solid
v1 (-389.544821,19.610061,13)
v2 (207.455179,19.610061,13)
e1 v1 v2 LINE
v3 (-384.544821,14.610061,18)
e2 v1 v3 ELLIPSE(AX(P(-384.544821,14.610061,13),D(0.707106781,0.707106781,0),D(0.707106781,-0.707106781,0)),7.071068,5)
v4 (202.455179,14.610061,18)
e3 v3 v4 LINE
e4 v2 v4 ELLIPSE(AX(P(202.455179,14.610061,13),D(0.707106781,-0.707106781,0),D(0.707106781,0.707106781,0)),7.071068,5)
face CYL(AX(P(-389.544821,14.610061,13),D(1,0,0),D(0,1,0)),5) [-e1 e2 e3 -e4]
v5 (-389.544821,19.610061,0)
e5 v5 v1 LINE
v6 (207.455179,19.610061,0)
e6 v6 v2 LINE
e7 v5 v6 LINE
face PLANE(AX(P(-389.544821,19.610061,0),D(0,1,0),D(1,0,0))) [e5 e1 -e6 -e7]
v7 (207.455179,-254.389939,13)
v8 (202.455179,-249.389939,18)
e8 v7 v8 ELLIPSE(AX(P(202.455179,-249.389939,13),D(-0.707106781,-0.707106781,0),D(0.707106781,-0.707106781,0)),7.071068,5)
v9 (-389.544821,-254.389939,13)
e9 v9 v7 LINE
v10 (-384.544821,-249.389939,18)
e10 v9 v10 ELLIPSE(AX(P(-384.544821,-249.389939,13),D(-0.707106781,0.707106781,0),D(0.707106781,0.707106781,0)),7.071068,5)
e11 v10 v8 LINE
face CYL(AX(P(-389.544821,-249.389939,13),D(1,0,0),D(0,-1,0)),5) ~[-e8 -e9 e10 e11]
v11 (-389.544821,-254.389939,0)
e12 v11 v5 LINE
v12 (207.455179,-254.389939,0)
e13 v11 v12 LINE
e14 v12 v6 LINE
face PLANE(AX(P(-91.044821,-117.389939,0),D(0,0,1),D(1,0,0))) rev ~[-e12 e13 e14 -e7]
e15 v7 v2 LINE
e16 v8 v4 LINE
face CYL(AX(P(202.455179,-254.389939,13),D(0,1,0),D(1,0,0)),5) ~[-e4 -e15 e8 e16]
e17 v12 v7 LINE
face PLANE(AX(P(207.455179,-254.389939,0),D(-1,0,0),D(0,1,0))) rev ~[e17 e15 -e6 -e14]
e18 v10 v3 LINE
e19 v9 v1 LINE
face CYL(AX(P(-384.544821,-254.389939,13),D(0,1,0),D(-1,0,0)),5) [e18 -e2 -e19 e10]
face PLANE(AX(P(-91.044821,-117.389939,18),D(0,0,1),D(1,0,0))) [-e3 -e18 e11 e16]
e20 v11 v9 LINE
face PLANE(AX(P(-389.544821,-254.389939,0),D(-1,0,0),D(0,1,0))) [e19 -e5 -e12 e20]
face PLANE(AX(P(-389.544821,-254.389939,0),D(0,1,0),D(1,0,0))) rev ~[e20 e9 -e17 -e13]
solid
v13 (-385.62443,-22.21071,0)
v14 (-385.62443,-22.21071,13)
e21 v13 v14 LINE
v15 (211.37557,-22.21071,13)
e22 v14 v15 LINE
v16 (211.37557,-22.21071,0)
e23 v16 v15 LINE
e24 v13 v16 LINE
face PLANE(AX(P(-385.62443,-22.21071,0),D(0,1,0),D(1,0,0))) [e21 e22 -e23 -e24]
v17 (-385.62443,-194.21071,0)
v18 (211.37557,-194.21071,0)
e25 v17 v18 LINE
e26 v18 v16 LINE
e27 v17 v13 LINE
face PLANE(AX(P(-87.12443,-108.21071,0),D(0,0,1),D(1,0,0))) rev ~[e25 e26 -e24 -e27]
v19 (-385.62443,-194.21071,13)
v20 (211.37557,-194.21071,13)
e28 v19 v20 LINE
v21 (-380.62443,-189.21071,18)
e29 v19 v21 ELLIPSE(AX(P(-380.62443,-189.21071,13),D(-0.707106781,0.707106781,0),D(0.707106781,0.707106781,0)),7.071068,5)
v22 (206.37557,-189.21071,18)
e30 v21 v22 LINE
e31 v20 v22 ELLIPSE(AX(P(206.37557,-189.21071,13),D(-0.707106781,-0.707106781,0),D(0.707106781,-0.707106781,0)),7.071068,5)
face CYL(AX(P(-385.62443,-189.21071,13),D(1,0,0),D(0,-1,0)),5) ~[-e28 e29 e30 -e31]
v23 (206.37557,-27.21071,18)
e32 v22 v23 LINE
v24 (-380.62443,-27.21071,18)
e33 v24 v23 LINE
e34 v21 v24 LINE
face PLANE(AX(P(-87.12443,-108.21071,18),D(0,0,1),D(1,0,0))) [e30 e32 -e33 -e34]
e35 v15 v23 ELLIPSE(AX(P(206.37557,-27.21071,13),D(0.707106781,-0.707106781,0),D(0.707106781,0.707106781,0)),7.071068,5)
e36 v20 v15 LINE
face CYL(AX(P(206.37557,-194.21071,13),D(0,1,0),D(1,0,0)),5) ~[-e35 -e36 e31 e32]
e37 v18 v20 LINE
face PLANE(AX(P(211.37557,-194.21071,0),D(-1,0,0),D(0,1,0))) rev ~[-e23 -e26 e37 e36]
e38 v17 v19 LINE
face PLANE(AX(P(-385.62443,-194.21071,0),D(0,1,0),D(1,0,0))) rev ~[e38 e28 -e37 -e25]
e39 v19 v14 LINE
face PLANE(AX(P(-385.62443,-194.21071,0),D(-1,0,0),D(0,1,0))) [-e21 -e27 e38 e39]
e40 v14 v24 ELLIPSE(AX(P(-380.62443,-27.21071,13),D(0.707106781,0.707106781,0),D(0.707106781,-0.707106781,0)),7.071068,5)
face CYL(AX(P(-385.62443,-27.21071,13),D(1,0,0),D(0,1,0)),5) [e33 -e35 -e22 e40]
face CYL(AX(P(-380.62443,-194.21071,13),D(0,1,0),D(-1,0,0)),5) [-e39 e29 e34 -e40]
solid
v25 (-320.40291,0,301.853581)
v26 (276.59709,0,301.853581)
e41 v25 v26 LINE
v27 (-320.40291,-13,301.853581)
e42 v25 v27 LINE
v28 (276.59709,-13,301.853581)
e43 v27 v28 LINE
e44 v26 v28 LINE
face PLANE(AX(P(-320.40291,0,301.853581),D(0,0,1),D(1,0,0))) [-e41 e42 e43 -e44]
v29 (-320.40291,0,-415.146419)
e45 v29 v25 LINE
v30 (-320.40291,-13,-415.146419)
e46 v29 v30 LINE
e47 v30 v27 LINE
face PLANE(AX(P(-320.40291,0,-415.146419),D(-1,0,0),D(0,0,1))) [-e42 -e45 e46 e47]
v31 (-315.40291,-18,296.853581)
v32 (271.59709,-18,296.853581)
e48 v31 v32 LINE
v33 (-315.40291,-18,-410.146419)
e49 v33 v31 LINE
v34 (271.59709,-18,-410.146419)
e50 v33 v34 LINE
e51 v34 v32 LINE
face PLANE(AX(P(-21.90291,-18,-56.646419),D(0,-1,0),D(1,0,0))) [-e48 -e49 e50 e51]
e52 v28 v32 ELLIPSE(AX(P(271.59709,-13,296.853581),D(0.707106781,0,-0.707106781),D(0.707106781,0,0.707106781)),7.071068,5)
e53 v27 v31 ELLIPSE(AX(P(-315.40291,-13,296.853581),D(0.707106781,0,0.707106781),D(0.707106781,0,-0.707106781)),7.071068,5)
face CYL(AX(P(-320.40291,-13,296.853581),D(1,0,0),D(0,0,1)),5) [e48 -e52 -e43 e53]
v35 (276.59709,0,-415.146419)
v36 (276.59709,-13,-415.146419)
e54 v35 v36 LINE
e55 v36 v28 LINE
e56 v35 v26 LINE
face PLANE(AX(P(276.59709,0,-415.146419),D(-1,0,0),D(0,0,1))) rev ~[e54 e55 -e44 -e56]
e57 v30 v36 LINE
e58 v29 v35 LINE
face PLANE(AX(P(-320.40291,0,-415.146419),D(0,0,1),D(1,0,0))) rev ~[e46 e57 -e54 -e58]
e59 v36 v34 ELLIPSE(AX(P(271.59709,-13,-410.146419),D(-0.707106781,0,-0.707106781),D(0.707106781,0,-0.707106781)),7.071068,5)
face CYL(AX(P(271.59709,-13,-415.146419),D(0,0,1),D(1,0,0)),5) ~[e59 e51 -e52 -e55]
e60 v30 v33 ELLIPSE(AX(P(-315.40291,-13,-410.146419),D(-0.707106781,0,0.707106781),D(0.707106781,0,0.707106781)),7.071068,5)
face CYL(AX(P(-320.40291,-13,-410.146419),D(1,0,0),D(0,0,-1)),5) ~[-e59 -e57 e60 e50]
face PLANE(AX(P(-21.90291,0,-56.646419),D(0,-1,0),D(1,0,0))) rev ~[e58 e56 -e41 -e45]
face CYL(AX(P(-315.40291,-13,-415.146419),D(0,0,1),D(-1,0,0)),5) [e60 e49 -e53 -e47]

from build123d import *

# Parameters (mm, degrees)
F0_W      = 597
F0_H      = 717
F1_DEPTH  = 18
F2_R      = 5
F4_W      = 587
F4_H      = 172
F5_DEPTH  = 17
F7_W      = 597
F7_H      = 172
F8_DEPTH  = 18
F9_R      = 5
F10_W     = 597
F10_H     = 274
F11_DEPTH = 18
F12_R     = 5


with BuildPart() as f1:
    # F0 (on Front) → F1 (new body)
    with BuildSketch(Plane.XZ):
        with Locations((-21.90291, -56.646419)):
            Rectangle(F0_W, F0_H)
    extrude(amount=F1_DEPTH)

    # F2
    f2_edges = [f1.edges().sort_by_distance(p)[0] for p in [
        (-21.90291, -18, -415.146419),
        (276.59709, -18, -56.646419),
        (-21.90291, -18, 301.853581),
        (-320.40291, -18, -56.646419),
    ]]
    fillet(f2_edges, radius=F2_R)


with BuildPart() as f3_1:
    # F3: copy of F1
    add(f1.part.moved(Location((700, 0, 0))))

    # F4 (on face) → F5 (join)
    with BuildSketch(Plane.XZ.offset(18)):
        with Locations((678.09709, 210.853581)):
            Rectangle(F4_W, F4_H)
    extrude(amount=-F5_DEPTH)


with BuildPart() as f8:
    # F7 (on Top) → F8 (new body)
    with BuildSketch(Plane.XY):
        with Locations((-87.12443, -108.21071)):
            Rectangle(F7_W, F7_H)
    extrude(amount=F8_DEPTH)

    # F9
    f9_edges = [f8.edges().sort_by_distance(p)[0] for p in [
        (-87.12443, -22.21071, 18),
        (-385.62443, -108.21071, 18),
        (-87.12443, -194.21071, 18),
        (211.37557, -108.21071, 18),
    ]]
    fillet(f9_edges, radius=F9_R)


with BuildPart() as f11:
    # F10 (on Top) → F11 (new body)
    with BuildSketch(Plane.XY):
        with Locations((-91.044821, -117.389939)):
            Rectangle(F10_W, F10_H)
    extrude(amount=F11_DEPTH)

    # F12
    f12_edges = [f11.edges().sort_by_distance(p)[0] for p in [
        (-91.044821, 19.610061, 18),
        (-389.544821, -117.389939, 18),
        (-91.044821, -254.389939, 18),
        (207.455179, -117.389939, 18),
    ]]
    fillet(f12_edges, radius=F12_R)


solid = Compound([f1.part, f8.part, f11.part])
